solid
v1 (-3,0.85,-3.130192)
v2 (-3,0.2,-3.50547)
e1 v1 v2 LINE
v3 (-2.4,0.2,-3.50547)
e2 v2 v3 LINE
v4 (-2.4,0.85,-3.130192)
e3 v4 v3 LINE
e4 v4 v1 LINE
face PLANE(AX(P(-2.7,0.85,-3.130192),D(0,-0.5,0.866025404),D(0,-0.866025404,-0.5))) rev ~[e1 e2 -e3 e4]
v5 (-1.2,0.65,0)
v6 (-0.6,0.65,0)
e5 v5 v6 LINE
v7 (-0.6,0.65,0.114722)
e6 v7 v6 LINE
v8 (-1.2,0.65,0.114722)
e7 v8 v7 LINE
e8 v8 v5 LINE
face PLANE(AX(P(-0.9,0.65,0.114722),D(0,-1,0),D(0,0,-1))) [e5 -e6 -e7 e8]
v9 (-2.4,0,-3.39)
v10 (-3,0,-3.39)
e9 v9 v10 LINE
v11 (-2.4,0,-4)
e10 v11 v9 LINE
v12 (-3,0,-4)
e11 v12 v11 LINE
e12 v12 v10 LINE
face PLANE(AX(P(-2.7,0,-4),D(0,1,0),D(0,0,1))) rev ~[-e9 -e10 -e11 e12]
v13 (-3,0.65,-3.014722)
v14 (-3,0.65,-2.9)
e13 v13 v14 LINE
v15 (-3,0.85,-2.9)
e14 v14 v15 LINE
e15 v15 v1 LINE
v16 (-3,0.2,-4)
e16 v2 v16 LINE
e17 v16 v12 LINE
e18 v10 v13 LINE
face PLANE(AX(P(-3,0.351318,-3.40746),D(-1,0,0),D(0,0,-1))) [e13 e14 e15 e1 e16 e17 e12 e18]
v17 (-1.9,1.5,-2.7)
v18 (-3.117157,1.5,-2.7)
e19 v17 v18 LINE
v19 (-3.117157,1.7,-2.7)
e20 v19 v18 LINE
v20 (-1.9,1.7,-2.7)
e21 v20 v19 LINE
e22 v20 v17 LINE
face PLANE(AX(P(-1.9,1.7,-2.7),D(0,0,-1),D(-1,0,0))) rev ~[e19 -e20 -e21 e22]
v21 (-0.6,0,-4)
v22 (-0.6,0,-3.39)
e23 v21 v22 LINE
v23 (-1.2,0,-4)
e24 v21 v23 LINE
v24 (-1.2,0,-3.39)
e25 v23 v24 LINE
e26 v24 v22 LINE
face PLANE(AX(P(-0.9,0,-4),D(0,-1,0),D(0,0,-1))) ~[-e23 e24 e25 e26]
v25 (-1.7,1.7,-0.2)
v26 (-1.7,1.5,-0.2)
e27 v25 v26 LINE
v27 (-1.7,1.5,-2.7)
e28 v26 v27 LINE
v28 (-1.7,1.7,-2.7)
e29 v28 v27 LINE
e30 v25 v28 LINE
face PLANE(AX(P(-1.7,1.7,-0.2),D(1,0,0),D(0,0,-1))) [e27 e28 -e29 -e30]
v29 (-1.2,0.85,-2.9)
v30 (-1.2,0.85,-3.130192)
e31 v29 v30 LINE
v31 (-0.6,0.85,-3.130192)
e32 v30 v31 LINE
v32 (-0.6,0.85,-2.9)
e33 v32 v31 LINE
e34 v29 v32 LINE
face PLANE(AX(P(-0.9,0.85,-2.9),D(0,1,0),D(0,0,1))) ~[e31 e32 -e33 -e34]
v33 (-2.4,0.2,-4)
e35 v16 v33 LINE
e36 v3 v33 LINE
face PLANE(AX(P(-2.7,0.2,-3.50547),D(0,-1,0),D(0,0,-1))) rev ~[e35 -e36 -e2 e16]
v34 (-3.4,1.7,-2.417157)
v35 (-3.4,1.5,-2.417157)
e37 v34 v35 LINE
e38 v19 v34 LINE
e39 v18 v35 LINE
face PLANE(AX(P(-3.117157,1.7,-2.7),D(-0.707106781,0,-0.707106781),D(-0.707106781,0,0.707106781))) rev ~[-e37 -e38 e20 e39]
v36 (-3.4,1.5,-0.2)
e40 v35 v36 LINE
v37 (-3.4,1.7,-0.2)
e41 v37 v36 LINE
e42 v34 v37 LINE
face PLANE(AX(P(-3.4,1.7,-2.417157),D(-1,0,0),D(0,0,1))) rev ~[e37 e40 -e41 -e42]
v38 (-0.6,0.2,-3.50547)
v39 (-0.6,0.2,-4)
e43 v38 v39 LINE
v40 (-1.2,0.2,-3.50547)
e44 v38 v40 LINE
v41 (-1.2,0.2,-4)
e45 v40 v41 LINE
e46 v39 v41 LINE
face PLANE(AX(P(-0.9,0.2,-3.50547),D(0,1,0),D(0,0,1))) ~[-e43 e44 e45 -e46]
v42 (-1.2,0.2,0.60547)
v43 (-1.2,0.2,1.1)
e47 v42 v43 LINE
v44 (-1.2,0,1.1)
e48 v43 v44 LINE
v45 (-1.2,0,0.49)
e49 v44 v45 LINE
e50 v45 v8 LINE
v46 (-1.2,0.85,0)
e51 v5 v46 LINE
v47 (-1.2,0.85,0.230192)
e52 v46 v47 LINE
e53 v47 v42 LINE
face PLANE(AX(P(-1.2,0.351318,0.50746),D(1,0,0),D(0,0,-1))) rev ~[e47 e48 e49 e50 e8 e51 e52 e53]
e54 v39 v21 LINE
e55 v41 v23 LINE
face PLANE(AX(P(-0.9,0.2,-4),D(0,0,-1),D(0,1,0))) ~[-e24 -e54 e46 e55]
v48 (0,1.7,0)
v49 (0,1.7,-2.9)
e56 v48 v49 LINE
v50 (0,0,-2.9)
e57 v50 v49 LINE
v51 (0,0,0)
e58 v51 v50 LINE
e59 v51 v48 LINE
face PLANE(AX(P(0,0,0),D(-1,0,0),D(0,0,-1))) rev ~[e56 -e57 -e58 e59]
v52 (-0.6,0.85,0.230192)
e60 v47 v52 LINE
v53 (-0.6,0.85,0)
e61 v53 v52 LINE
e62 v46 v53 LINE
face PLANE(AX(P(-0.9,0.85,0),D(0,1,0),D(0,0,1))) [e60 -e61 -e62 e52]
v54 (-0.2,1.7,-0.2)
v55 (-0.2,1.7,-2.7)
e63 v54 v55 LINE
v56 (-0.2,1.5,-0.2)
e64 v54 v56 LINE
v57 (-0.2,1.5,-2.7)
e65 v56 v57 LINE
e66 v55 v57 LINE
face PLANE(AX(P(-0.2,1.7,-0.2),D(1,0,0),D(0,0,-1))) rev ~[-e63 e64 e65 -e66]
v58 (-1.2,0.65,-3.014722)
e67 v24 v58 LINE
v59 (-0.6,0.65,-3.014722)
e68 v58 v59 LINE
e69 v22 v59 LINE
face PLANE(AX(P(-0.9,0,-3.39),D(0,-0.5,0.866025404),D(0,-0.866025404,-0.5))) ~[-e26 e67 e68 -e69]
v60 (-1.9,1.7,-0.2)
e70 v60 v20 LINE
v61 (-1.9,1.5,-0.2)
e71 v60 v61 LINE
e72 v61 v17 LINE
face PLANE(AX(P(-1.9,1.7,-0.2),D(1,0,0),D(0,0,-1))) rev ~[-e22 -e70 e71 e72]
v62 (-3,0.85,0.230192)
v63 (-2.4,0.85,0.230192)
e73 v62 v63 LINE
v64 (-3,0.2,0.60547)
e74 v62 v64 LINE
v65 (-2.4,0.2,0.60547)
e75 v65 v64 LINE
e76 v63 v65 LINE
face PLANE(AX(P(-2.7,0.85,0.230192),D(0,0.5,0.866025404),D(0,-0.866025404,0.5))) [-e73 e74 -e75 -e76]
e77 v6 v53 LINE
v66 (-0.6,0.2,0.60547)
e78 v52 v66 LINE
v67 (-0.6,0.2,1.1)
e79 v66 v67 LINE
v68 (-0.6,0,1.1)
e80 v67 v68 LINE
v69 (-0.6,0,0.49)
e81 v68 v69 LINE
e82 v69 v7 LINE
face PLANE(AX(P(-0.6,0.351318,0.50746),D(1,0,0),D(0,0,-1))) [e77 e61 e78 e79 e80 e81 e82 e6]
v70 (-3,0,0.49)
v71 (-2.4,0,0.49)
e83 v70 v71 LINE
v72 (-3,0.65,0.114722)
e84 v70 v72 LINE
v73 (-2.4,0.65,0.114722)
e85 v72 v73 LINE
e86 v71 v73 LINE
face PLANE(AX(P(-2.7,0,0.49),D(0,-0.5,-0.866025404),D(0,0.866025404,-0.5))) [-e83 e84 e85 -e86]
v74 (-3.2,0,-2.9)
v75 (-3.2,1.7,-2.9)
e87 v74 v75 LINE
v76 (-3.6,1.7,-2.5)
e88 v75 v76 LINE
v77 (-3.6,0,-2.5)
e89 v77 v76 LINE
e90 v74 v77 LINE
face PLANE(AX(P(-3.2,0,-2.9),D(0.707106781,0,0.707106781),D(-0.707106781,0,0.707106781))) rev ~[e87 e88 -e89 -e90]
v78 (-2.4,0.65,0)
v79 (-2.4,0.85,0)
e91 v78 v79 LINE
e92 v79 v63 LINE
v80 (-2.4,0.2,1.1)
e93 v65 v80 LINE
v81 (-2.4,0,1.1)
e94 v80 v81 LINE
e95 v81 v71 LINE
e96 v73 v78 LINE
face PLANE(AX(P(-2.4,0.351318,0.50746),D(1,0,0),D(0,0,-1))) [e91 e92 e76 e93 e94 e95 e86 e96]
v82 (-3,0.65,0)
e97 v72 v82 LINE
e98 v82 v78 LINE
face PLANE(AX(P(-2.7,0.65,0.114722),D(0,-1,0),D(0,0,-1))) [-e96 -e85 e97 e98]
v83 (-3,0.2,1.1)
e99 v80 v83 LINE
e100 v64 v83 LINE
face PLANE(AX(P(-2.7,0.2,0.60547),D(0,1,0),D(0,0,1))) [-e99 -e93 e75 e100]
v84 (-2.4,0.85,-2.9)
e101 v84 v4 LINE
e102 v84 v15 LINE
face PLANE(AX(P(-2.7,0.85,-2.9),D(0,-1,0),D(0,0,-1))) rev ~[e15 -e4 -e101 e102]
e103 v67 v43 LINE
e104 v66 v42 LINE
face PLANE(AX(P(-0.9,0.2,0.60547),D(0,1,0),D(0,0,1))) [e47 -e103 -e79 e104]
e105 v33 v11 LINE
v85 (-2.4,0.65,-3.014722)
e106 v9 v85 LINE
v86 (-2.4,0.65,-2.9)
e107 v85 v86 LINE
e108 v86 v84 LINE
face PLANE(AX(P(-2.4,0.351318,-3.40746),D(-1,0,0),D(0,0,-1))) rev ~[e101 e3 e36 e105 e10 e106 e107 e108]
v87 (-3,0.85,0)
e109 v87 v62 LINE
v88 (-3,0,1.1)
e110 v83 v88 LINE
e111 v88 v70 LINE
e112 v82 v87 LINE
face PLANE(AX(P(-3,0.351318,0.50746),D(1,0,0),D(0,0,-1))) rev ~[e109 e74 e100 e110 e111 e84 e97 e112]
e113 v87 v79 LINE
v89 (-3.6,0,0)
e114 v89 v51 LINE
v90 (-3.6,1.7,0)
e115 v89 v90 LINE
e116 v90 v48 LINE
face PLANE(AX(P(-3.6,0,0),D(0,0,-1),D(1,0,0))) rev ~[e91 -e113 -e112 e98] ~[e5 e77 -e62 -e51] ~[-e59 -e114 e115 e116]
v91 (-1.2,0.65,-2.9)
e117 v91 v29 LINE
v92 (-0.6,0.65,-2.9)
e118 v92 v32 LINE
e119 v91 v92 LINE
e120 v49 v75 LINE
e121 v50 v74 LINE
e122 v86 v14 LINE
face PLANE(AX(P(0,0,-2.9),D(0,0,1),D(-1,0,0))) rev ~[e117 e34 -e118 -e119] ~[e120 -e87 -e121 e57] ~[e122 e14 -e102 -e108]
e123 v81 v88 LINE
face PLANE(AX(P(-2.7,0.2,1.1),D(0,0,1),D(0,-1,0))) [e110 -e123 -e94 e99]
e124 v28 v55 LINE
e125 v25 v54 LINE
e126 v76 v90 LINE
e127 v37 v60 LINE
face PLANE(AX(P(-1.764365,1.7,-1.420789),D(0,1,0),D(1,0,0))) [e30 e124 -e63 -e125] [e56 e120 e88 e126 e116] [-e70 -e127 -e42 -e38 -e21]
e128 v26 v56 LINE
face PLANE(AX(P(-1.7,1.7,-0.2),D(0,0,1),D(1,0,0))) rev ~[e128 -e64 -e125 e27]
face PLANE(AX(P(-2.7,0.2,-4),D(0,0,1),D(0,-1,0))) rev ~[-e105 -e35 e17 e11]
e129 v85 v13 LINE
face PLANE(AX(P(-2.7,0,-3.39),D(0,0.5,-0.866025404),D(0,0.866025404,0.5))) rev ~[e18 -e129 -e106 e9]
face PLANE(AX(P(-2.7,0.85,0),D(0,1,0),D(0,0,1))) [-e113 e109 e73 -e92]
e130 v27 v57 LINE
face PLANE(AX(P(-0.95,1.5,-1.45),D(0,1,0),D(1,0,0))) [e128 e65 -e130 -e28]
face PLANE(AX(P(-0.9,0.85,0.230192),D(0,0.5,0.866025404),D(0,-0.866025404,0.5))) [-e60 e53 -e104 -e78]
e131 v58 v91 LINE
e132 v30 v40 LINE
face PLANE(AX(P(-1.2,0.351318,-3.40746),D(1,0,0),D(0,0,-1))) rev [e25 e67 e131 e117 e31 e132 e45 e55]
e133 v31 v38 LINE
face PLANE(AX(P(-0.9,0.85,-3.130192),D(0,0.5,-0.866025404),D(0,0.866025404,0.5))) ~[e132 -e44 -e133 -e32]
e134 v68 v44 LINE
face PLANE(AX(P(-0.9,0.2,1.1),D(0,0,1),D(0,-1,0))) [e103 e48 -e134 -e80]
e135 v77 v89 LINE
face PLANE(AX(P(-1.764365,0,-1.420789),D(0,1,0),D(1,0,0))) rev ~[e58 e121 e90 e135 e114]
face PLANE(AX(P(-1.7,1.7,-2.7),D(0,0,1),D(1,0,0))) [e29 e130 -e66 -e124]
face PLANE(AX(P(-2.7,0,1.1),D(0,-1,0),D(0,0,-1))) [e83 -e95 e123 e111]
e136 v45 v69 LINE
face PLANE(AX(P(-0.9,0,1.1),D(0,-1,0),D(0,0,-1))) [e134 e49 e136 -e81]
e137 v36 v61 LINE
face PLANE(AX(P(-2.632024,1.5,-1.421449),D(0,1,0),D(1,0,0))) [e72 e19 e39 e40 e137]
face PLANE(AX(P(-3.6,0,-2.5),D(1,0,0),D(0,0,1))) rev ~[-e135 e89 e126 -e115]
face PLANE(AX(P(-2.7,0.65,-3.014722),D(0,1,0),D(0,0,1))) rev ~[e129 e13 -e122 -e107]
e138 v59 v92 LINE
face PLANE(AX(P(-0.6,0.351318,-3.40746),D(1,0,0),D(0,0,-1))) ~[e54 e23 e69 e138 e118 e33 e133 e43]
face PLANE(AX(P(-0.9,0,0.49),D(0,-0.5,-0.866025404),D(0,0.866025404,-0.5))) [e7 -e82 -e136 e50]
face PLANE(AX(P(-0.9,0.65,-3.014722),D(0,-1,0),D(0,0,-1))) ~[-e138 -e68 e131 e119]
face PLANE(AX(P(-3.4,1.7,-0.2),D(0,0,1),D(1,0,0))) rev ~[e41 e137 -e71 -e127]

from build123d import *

# Parameters (mm, degrees)
BASE_DEPTH           = 1.7
SKETCH2_W            = 1.5
SKETCH2_H            = 2.5
SENSOR_INDENTS_DEPTH = 0.2
FOOT_DEPTH           = 0.3
FEET_COUNT           = 2
FEET_PITCH           = 1.8
FEETS_COPY_1_DEPTH   = 0.3


with BuildPart() as part:
    # Sketch1 → Base (new body)
    with BuildSketch(Plane(origin=(0, 0, 0), x_dir=(1, 0, 0), z_dir=(0, 1, 0))):
        Polygon((-3.2, 2.9), (-3.6, 2.5), (-3.6, 0), (0, 0), (0, 2.9), align=None)
    extrude(amount=BASE_DEPTH)

    # Sketch2 → Sensor Indents (cut)
    with BuildSketch(Plane(origin=(0, 1.7, 0), x_dir=(1, 0, 0), z_dir=(0, 1, 0))):
        with Locations((-0.95, 1.45)):
            Rectangle(SKETCH2_W, SKETCH2_H)
        Polygon((-1.9, 0.2), (-1.9, 2.7), (-3.117157288, 2.7), (-3.4, 2.417157288), (-3.4, 0.2), align=None)
    extrude(amount=-SENSOR_INDENTS_DEPTH, mode=Mode.SUBTRACT)

    # Sketch3 → Foot (add, symmetric)
    with BuildSketch(Plane(origin=(-0.9, 0, 0), x_dir=(0, 0, -1), z_dir=(1, 0, 0))):
        Polygon((-1.1, 0), (-0.49, 0), (-0.114722325, 0.65), (0, 0.65), (0, 0.85), (-0.230192379, 0.85), (-0.605470054, 0.2), (-1.1, 0.2), align=None)
    foot = extrude(amount=FOOT_DEPTH, both=True)

    # Feet: Foot ×2
    with Locations(*[(-i * FEET_PITCH, 0, 0) for i in range(1, FEET_COUNT)]):
        add(foot)

    # Feets: Foot across plane
    add(foot.mirror(Plane.XY.offset(-1.45)))

    # Feets copy 1 sketch → Feets copy 1 (add, symmetric)
    with BuildSketch(Plane(origin=(-2.7, 0, -2.9), x_dir=(0, 0, 1), z_dir=(1, 0, 0))):
        Polygon((-1.1, 0), (-0.49, 0), (-0.114722325, -0.65), (0, -0.65), (0, -0.85), (-0.230192379, -0.85), (-0.605470054, -0.2), (-1.1, -0.2), align=None)
    extrude(amount=FEETS_COPY_1_DEPTH, both=True)


solid = part.part
